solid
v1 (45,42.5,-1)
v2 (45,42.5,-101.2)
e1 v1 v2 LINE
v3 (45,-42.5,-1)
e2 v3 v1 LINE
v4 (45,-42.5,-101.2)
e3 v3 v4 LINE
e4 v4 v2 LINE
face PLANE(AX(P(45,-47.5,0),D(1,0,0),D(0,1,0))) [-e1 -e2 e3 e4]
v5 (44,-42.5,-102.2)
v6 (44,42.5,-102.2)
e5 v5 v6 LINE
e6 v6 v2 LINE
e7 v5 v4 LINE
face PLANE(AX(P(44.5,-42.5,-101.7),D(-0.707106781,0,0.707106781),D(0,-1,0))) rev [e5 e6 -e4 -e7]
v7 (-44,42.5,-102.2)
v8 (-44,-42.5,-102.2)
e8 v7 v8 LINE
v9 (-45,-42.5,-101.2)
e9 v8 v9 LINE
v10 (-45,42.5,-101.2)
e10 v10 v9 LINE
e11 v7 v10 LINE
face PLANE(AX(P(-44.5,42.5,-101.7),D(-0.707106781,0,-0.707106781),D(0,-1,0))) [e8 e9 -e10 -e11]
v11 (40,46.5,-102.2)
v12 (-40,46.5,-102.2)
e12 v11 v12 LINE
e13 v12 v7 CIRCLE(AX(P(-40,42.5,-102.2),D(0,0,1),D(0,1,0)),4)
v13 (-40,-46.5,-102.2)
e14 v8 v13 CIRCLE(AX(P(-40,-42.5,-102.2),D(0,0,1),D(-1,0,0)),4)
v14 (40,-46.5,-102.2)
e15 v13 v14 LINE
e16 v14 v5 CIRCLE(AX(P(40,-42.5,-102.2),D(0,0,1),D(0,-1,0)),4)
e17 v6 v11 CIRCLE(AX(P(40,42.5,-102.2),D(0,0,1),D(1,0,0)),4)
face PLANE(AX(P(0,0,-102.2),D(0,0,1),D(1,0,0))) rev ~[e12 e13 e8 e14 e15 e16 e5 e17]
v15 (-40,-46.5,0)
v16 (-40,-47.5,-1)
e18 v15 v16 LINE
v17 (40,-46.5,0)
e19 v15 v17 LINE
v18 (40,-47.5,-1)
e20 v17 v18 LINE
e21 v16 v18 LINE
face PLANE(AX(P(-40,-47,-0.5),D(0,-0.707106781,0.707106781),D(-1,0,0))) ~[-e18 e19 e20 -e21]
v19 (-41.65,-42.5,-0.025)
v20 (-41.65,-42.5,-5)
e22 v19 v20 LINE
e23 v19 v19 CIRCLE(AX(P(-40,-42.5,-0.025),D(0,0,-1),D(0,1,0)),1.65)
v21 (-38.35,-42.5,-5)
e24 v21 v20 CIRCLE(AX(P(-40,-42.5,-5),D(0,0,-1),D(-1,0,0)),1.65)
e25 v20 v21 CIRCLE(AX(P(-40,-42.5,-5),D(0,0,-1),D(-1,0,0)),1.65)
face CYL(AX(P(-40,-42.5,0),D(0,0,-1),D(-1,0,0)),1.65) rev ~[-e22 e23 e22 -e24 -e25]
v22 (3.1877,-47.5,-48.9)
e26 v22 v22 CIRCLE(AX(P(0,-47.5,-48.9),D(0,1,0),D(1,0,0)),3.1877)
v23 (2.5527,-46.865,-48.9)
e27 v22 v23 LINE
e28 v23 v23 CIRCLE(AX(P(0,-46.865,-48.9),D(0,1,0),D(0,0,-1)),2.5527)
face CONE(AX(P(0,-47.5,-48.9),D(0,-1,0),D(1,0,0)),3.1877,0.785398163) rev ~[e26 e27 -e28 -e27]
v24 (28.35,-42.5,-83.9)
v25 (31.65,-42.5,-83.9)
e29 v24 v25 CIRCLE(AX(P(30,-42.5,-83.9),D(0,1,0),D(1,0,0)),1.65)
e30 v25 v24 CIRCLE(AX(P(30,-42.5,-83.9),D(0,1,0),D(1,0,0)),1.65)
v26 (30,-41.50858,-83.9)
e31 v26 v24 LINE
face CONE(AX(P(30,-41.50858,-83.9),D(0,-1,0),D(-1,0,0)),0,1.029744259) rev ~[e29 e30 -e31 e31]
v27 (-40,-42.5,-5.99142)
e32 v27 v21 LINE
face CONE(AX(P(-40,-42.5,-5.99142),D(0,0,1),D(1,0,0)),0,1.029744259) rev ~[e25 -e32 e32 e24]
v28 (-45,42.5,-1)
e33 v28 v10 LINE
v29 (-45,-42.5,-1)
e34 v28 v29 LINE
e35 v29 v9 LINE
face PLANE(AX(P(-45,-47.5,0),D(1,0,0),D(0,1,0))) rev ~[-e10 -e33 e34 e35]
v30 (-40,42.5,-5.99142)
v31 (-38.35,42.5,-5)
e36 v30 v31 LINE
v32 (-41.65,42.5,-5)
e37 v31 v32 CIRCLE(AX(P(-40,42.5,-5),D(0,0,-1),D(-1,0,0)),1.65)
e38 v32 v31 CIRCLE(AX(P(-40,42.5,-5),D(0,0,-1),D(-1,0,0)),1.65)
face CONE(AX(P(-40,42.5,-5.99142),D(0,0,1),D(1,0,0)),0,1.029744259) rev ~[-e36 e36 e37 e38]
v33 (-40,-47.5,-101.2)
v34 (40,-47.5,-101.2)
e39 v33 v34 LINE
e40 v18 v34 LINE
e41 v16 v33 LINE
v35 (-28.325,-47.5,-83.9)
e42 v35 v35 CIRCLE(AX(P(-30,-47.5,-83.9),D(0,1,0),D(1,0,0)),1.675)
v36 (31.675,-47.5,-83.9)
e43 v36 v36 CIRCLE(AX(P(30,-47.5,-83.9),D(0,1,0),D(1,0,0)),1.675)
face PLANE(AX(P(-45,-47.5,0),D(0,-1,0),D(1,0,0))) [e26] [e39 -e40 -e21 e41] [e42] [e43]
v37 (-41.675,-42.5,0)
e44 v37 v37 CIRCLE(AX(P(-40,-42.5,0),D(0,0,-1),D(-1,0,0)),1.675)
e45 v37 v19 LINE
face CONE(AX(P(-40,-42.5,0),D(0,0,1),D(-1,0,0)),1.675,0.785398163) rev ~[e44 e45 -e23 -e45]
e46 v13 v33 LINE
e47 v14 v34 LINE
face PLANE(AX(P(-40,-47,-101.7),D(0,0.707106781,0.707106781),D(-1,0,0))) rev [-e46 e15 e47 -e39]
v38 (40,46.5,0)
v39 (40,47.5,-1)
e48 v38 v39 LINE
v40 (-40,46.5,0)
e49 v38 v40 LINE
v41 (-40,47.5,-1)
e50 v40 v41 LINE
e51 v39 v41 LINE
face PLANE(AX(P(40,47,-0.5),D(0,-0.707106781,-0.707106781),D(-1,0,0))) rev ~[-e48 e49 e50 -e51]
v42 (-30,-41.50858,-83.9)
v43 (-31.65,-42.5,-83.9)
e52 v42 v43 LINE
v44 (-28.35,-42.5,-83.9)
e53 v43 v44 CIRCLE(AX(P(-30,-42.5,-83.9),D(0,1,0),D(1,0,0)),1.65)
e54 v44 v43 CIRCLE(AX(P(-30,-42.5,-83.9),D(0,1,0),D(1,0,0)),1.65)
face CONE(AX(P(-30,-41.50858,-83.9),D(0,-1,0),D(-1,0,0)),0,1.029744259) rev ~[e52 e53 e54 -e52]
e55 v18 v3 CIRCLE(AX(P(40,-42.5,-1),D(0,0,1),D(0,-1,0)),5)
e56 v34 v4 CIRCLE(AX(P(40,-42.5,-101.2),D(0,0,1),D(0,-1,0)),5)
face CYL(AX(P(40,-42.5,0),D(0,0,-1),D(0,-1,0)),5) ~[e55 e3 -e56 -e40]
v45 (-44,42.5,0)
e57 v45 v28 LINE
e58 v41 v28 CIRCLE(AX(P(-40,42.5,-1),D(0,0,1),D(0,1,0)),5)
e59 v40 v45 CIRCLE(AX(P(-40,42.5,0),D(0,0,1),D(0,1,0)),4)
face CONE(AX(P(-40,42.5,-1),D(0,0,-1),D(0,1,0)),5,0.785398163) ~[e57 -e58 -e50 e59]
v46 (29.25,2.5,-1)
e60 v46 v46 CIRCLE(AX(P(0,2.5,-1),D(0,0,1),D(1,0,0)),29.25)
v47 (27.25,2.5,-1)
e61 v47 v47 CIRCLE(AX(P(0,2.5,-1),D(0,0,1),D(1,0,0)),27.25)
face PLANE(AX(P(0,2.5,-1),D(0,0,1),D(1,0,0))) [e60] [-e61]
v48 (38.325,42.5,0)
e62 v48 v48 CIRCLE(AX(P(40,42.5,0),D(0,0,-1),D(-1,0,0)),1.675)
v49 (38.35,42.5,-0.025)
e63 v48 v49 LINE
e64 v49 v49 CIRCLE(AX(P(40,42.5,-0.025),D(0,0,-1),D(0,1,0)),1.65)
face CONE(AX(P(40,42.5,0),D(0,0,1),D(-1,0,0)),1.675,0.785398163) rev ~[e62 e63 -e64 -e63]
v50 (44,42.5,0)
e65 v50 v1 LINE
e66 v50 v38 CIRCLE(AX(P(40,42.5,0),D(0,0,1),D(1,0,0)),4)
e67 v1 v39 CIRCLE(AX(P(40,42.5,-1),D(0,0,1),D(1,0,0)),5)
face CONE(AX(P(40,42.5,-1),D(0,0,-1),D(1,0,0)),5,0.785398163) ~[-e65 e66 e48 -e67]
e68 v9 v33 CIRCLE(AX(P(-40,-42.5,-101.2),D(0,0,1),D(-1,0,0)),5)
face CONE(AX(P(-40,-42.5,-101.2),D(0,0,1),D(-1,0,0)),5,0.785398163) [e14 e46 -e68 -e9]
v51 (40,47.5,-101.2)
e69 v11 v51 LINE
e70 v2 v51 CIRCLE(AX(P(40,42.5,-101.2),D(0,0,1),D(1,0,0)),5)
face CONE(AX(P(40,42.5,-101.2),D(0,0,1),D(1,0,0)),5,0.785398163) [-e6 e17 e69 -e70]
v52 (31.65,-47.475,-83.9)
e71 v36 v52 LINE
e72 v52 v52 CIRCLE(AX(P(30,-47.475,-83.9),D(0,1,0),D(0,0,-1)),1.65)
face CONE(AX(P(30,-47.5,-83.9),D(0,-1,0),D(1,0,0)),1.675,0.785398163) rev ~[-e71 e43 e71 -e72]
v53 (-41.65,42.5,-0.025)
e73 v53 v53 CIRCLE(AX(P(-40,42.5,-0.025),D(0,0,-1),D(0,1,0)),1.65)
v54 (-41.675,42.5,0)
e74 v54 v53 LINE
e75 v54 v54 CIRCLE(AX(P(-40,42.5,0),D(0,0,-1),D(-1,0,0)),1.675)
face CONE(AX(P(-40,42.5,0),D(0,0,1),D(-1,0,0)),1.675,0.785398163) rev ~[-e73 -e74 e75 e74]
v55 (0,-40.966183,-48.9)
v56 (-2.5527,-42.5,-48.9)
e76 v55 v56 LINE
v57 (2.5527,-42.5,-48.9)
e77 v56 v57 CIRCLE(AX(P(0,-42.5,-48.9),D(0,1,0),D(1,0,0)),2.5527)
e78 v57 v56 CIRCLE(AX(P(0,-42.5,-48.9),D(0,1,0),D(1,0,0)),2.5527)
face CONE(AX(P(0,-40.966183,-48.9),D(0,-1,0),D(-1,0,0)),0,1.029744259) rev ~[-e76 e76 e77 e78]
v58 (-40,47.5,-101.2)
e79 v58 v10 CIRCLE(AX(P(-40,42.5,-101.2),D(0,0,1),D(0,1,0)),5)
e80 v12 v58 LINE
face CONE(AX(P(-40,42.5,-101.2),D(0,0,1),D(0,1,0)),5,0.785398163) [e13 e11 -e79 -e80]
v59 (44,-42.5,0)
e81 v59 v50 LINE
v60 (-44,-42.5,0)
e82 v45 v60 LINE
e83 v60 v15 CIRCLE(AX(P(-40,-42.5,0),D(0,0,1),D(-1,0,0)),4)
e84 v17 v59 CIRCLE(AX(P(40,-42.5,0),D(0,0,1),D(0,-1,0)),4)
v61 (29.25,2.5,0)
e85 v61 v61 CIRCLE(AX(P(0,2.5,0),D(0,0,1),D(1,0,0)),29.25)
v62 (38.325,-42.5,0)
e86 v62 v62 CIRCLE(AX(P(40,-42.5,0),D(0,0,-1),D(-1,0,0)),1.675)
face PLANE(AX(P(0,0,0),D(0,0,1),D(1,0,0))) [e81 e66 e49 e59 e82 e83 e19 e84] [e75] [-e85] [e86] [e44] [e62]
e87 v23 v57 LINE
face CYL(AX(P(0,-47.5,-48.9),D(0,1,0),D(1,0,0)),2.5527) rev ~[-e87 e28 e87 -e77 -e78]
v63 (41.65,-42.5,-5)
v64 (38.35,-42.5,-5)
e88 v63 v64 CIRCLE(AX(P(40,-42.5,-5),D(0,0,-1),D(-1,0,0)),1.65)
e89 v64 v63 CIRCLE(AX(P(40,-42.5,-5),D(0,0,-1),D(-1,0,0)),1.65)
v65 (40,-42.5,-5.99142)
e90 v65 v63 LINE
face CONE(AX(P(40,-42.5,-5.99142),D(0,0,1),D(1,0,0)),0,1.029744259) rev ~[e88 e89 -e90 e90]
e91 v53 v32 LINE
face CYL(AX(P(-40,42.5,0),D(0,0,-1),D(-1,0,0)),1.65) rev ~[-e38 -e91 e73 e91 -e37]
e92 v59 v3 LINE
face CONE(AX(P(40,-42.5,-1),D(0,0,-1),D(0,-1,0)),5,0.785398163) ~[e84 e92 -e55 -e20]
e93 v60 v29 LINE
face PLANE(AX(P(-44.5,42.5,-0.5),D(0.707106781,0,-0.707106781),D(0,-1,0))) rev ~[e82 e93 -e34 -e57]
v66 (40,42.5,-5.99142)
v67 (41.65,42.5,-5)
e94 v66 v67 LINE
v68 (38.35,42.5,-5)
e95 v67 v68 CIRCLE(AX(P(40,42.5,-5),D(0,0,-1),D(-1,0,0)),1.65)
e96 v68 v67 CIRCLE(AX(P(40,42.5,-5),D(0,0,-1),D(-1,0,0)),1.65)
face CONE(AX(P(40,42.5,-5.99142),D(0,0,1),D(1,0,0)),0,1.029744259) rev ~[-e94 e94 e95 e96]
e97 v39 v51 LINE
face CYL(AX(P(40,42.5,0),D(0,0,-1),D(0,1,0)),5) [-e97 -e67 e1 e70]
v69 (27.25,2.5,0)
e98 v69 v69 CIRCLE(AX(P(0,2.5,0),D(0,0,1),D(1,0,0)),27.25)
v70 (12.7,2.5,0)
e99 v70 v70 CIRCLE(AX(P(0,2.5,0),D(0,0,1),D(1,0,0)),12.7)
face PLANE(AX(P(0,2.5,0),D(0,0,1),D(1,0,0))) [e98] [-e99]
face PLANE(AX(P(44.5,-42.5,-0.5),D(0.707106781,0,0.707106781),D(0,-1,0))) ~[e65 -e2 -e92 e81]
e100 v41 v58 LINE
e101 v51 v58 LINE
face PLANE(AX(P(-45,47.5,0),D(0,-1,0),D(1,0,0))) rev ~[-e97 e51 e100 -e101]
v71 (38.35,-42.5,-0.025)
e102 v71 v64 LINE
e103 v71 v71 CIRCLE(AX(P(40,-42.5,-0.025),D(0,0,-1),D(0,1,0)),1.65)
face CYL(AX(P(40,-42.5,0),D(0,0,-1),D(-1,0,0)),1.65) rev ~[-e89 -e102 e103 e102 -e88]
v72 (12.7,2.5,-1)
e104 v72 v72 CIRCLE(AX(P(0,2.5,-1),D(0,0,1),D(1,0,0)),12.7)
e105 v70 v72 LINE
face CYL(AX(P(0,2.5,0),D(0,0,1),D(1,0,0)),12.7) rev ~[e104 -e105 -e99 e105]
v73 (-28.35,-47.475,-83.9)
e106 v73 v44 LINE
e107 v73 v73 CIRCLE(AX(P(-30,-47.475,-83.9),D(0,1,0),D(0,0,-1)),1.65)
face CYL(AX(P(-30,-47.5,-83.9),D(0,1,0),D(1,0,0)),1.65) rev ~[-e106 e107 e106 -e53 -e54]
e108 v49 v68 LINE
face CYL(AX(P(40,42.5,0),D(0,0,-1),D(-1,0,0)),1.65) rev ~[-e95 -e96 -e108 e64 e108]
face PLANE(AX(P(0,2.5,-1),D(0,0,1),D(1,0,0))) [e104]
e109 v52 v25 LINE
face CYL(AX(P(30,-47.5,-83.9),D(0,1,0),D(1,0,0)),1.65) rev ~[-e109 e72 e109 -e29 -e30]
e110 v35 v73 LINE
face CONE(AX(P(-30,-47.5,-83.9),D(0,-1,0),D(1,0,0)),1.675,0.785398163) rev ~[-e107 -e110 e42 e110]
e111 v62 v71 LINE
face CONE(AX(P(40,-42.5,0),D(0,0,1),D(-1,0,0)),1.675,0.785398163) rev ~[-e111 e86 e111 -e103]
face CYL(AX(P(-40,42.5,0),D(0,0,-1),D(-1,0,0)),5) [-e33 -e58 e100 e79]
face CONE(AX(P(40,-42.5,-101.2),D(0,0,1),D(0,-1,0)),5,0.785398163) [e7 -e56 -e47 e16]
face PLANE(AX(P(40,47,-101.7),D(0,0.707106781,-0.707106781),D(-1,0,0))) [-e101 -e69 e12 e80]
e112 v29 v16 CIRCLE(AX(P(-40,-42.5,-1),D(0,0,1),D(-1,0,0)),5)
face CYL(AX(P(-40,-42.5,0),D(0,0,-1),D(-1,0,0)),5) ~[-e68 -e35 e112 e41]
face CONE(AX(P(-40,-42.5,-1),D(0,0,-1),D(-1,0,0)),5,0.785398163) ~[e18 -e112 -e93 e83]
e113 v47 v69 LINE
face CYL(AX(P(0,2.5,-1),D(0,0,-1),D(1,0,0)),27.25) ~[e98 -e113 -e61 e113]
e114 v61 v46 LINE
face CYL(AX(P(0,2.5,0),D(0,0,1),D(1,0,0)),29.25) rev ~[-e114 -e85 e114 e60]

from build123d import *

# Parameters (mm, degrees)
SKETCH1_W                             = 90
SKETCH1_H                             = 95
BOSS_EXTRUDE1_DEPTH                   = 102.2
SKETCH2_R                             = 29.25
CUT_EXTRUDE1_DEPTH                    = 1
SKETCH3_R                             = 27.25
BOSS_EXTRUDE2_DEPTH                   = 1
TAP_DRILL_FOR_M4_TAP1_D               = 3.3
TAP_DRILL_FOR_M4_TAP1_DEPTH           = 5
TAP_DRILL_FOR_M4_TAP1_CSINK_D         = 3.35
TAP_DRILL_FOR_M4_TAP1_CSINK_ANGLE     = 90
TAP_DRILL_FOR_M4_TAP1_TIP             = 0.991420021
TAP_DRILL_FOR_M4_TAP2_D               = 3.3
TAP_DRILL_FOR_M4_TAP2_DEPTH           = 5
TAP_DRILL_FOR_M4_TAP2_CSINK_D         = 3.35
TAP_DRILL_FOR_M4_TAP2_CSINK_ANGLE     = 90
TAP_DRILL_FOR_M4_TAP2_TIP             = 0.991420021
TAP_DRILL_FOR_1_4_20_TAP1_D           = 5.1054
TAP_DRILL_FOR_1_4_20_TAP1_DEPTH       = 5
TAP_DRILL_FOR_1_4_20_TAP1_CSINK_D     = 6.3754
TAP_DRILL_FOR_1_4_20_TAP1_CSINK_ANGLE = 90
TAP_DRILL_FOR_1_4_20_TAP1_TIP         = 1.533816902
FILLET1_R                             = 5
CHAMFER1_SIZE                         = 1
SKETCH13_R                            = 12.7
CUT_EXTRUDE2_DEPTH                    = 1


with BuildPart() as part:
    # Sketch1 → Boss-Extrude1 (new body)
    with BuildSketch(Plane.XY):
        Rectangle(SKETCH1_W, SKETCH1_H)
    extrude(amount=-BOSS_EXTRUDE1_DEPTH)

    # Sketch2 → Cut-Extrude1 (cut)
    with BuildSketch(Plane.XY):
        with Locations((0, 2.5)):
            Circle(SKETCH2_R)
    extrude(amount=-CUT_EXTRUDE1_DEPTH, mode=Mode.SUBTRACT)

    # Sketch3 → Boss-Extrude2 (add)
    with BuildSketch(Plane.XY.offset(-1)):
        with Locations((0, 2.5)):
            Circle(SKETCH3_R)
    extrude(amount=BOSS_EXTRUDE2_DEPTH)

    # Tap Drill for M4 Tap1
    with Locations(Plane.XY):
        with Locations((-40, 42.5), (40, 42.5), (-40, -42.5), (40, -42.5)):
            CounterSinkHole(TAP_DRILL_FOR_M4_TAP1_D / 2, TAP_DRILL_FOR_M4_TAP1_CSINK_D / 2, depth=TAP_DRILL_FOR_M4_TAP1_DEPTH, counter_sink_angle=TAP_DRILL_FOR_M4_TAP1_CSINK_ANGLE)
            with Locations((0, 0, -(TAP_DRILL_FOR_M4_TAP1_DEPTH + TAP_DRILL_FOR_M4_TAP1_TIP / 2))):  # 118° drill point
                Cone(0, TAP_DRILL_FOR_M4_TAP1_D / 2, TAP_DRILL_FOR_M4_TAP1_TIP, mode=Mode.SUBTRACT)

    # Tap Drill for M4 Tap2
    with Locations(Plane(origin=(0, -47.5, 0), x_dir=(-1, 0, 0), z_dir=(0, -1, 0))):
        with Locations((-30, 83.9), (30, 83.9)):
            CounterSinkHole(TAP_DRILL_FOR_M4_TAP2_D / 2, TAP_DRILL_FOR_M4_TAP2_CSINK_D / 2, depth=TAP_DRILL_FOR_M4_TAP2_DEPTH, counter_sink_angle=TAP_DRILL_FOR_M4_TAP2_CSINK_ANGLE)
            with Locations((0, 0, -(TAP_DRILL_FOR_M4_TAP2_DEPTH + TAP_DRILL_FOR_M4_TAP2_TIP / 2))):  # 118° drill point
                Cone(0, TAP_DRILL_FOR_M4_TAP2_D / 2, TAP_DRILL_FOR_M4_TAP2_TIP, mode=Mode.SUBTRACT)

    # Tap Drill for 1/4-20 Tap1
    with Locations(Plane(origin=(0, -47.5, 0), x_dir=(-1, 0, 0), z_dir=(0, -1, 0))):
        with Locations((0, 48.9)):
            CounterSinkHole(TAP_DRILL_FOR_1_4_20_TAP1_D / 2, TAP_DRILL_FOR_1_4_20_TAP1_CSINK_D / 2, depth=TAP_DRILL_FOR_1_4_20_TAP1_DEPTH, counter_sink_angle=TAP_DRILL_FOR_1_4_20_TAP1_CSINK_ANGLE)
            with Locations((0, 0, -(TAP_DRILL_FOR_1_4_20_TAP1_DEPTH + TAP_DRILL_FOR_1_4_20_TAP1_TIP / 2))):  # 118° drill point
                Cone(0, TAP_DRILL_FOR_1_4_20_TAP1_D / 2, TAP_DRILL_FOR_1_4_20_TAP1_TIP, mode=Mode.SUBTRACT)

    # Fillet1
    fillet1_edges = [part.edges().sort_by_distance(p)[0] for p in [
        (45, -47.5, -51.1),
        (-45, -47.5, -51.1),
        (-45, 47.5, -51.1),
        (45, 47.5, -51.1),
    ]]
    fillet(fillet1_edges, radius=FILLET1_R)

    # Chamfer1
    chamfer1_edges = [part.edges().sort_by_distance(p)[0] for p in [
        (0, -47.5, 0),
        (0, -47.5, -102.2),
        (45, 0, 0),
        (0, 47.5, 0),
        (-45, 0, 0),
        (43.535533906, 46.035533906, 0),
        (-43.535533906, 46.035533906, 0),
        (-43.535533906, -46.035533906, 0),
        (43.535533906, -46.035533906, 0),
        (45, 0, -102.2),
        (-45, 0, -102.2),
        (0, 47.5, -102.2),
        (43.535533906, 46.035533906, -102.2),
        (-43.535533906, 46.035533906, -102.2),
        (-43.535533906, -46.035533906, -102.2),
        (43.535533906, -46.035533906, -102.2),
    ]]
    chamfer(chamfer1_edges, length=CHAMFER1_SIZE)

    # Sketch13 → Cut-Extrude2 (cut)
    with BuildSketch(Plane.XY):
        with Locations((0, 2.5)):
            Circle(SKETCH13_R)
    extrude(amount=-CUT_EXTRUDE2_DEPTH, mode=Mode.SUBTRACT)


solid = part.part
